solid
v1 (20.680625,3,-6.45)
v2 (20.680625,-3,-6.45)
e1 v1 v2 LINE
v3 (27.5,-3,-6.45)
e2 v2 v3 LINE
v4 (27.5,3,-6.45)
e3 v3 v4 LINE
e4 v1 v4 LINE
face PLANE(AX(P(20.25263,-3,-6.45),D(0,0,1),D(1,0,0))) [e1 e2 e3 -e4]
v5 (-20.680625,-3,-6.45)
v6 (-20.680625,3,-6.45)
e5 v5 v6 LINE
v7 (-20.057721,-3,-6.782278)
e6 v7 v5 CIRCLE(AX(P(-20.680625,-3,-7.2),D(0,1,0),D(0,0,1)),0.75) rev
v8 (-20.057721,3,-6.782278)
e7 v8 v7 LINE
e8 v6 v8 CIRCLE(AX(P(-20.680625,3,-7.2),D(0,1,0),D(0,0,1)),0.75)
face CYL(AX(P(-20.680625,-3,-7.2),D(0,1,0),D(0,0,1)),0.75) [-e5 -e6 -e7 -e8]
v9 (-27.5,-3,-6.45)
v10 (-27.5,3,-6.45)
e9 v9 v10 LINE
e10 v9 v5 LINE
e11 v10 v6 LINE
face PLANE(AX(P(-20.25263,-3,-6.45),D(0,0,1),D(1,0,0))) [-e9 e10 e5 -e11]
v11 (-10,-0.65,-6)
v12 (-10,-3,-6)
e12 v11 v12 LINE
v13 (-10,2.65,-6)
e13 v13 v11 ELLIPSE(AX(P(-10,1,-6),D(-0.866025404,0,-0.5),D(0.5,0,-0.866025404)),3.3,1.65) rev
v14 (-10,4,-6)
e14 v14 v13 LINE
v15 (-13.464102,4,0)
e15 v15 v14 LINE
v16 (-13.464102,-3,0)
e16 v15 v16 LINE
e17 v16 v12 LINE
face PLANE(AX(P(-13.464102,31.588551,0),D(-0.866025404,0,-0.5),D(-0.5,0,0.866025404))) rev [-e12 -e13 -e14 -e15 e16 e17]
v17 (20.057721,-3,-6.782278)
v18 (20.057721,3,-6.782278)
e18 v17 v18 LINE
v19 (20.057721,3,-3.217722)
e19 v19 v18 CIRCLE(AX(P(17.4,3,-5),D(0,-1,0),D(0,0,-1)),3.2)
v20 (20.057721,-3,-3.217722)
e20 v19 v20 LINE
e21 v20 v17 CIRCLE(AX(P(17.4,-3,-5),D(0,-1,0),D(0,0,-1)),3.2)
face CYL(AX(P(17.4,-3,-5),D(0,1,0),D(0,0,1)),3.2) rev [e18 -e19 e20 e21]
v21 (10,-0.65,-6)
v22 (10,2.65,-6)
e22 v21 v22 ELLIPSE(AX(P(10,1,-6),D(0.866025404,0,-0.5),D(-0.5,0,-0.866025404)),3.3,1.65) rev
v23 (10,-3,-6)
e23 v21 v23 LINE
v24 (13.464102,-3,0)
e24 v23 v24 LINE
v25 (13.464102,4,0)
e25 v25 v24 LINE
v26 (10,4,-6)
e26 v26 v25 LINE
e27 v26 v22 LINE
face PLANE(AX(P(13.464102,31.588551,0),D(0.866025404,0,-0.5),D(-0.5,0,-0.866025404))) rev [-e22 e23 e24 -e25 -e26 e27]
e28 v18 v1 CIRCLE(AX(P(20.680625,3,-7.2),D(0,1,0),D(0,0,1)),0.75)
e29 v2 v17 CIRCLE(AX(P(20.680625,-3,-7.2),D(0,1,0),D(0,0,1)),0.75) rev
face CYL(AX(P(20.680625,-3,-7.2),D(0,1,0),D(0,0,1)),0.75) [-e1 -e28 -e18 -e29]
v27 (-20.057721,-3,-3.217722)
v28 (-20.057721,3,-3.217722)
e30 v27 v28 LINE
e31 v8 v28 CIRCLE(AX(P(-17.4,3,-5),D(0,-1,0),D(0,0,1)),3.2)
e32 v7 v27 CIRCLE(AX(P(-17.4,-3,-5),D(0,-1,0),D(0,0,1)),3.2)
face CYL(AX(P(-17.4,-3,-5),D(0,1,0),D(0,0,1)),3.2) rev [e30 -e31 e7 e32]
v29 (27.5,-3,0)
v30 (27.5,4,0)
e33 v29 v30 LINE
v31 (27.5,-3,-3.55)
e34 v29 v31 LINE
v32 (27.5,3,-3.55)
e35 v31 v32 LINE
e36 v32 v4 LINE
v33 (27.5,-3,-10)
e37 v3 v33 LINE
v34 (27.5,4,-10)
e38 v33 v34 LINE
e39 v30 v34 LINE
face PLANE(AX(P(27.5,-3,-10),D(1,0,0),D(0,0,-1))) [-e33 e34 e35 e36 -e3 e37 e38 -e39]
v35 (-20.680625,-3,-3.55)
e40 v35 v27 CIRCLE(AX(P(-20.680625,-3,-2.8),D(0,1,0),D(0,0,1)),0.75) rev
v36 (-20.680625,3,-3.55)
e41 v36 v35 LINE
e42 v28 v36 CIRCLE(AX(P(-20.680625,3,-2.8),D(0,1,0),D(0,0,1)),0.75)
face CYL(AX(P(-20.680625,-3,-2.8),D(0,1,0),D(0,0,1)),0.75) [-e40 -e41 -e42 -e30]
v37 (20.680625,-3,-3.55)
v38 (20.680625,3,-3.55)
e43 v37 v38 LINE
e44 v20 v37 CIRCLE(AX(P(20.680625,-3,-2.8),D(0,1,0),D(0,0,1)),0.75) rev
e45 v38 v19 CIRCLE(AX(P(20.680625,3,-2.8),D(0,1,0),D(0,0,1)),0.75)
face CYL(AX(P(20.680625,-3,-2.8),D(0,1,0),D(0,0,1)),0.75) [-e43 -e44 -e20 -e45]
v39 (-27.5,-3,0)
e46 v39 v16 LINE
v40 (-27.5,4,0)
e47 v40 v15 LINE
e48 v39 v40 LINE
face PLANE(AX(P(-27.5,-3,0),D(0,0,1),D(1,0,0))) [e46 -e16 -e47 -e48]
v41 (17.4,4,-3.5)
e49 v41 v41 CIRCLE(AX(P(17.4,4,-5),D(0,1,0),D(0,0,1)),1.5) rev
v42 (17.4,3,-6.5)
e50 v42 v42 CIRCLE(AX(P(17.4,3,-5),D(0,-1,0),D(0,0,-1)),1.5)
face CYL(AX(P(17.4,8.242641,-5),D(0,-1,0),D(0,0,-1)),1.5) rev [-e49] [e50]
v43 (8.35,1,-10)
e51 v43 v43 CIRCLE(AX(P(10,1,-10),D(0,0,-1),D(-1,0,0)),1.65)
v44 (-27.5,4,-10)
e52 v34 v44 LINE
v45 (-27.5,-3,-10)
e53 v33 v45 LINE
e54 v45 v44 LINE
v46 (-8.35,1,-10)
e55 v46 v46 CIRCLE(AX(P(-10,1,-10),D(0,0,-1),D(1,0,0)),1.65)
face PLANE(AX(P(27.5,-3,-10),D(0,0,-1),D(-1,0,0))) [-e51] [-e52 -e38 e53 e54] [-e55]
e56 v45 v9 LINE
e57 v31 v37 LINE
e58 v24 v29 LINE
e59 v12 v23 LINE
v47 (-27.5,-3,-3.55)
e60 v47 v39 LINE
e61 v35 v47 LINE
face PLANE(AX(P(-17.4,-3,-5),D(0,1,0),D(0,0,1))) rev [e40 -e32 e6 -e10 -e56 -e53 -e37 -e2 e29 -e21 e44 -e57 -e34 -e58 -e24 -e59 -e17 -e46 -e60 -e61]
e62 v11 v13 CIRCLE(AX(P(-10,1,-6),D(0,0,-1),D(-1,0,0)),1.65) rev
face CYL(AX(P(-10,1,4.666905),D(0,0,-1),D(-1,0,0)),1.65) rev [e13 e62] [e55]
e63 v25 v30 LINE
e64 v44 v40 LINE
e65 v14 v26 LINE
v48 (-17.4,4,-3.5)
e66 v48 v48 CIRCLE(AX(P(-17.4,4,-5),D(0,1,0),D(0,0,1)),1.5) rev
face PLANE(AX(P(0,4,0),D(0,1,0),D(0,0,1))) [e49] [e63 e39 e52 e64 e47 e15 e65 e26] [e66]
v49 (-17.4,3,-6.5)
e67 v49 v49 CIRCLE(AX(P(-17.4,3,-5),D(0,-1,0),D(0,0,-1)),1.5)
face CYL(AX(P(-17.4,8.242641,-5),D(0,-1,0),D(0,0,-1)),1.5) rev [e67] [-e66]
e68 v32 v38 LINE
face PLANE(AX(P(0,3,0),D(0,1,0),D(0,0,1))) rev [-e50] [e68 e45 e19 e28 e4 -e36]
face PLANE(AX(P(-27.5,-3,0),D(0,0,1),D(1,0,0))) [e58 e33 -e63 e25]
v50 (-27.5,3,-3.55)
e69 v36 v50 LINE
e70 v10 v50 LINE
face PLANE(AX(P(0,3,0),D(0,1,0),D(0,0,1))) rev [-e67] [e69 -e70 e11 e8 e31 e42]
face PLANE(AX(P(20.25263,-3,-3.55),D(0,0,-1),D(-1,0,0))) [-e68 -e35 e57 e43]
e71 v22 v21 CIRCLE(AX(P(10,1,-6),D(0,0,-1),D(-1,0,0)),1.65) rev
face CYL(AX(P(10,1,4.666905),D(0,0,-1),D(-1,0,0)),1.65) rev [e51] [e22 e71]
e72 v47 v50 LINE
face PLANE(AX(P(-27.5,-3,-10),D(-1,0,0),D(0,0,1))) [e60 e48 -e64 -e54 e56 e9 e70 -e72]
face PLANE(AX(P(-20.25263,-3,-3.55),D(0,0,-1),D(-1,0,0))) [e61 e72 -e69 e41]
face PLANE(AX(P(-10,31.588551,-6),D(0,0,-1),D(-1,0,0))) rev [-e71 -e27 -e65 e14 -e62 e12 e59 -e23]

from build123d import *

# Parameters (mm, degrees)
BOSS_EXTRUDE3_DEPTH      = 3
BOSS_EXTRUDE3_DEPTH_BACK = 3
FILLET1_R                = 0.75
SKETCH5_W                = 55
SKETCH5_H                = 10
BOSS_EXTRUDE4_DEPTH      = 1
SKETCH6_R                = 1.65
CUT_EXTRUDE2_DEPTH       = 10
SKETCH7_R                = 1.5
CUT_EXTRUDE3_DEPTH       = 1
CUT_EXTRUDE4_REACH       = 32.087


with BuildPart() as part:
    # Sketch1 → Boss-Extrude3 (new, two sides: drawn at the far end of the back side and taken through both)
    with BuildSketch(Plane(origin=(0, 0, 0), x_dir=(1, 0, 0), z_dir=(0, 1, 0)).offset(-BOSS_EXTRUDE3_DEPTH_BACK)):
        with BuildLine():
            Line((27.5, 10), (-27.5, 10))
            Line((-27.5, 10), (-27.5, 6.45))
            Line((-27.5, 6.45), (-20.252630365, 6.45))
            ThreePointArc((-20.252630365, 6.45), (-14.2, 5), (-20.252630365, 3.55))
            Line((-20.252630365, 3.55), (-27.5, 3.55))
            Line((-27.5, 3.55), (-27.5, 0))
            Line((-27.5, 0), (27.5, 0))
            Line((27.5, 0), (27.5, 3.55))
            Line((27.5, 3.55), (20.252630365, 3.55))
            ThreePointArc((20.252630365, 3.55), (14.2, 5), (20.252630365, 6.45))
            Line((20.252630365, 6.45), (27.5, 6.45))
            Line((27.5, 6.45), (27.5, 10))
        make_face()
    extrude(amount=BOSS_EXTRUDE3_DEPTH + BOSS_EXTRUDE3_DEPTH_BACK)

    # Fillet1
    fillet1_edges = [part.edges().sort_by_distance(p)[0] for p in [
        (-20.252630365, 0, -6.45),
        (20.252630365, 0, -6.45),
        (20.252630365, 0, -3.55),
        (-20.252630365, 0, -3.55),
    ]]
    fillet(fillet1_edges, radius=FILLET1_R)

    # Sketch5 → Boss-Extrude4 (add)
    with BuildSketch(Plane(origin=(0, 3, 0), x_dir=(1, 0, 0), z_dir=(0, 1, 0))):
        with Locations((0, 5)):
            Rectangle(SKETCH5_W, SKETCH5_H)
    extrude(amount=BOSS_EXTRUDE4_DEPTH)

    # Sketch6 → Cut-Extrude2 (cut)
    with BuildSketch(Plane(origin=(0, 0, -10), x_dir=(-1, 0, 0), z_dir=(0, 0, -1))):
        with Locations((-10, 1)):
            Circle(SKETCH6_R)
        with Locations(Location((10, 1, 0), (0, 0, 180))):
            Circle(SKETCH6_R)
    extrude(amount=-CUT_EXTRUDE2_DEPTH, mode=Mode.SUBTRACT)

    # Sketch7 → Cut-Extrude3 (cut)
    with BuildSketch(Plane.XZ.offset(-3)):
        with Locations(Location((-17.4, -5, 0), (0, 0, 270))):
            Circle(SKETCH7_R)
        with Locations(Location((17.4, -5, 0), (0, 0, 270))):
            Circle(SKETCH7_R)
    extrude(amount=-CUT_EXTRUDE3_DEPTH, mode=Mode.SUBTRACT)

    # Cut-Extrude4: up to this face of the body (flat: up to its plane)
    cut_extrude4_end = Plane(part.part.faces().sort_by_distance((0, 4, -5))[0])
    # Sketch8 → Cut-Extrude4 (cut, up to the picked face)
    with BuildSketch(Plane.XZ.offset(3), mode=Mode.PRIVATE) as cut_extrude4_sk1:
        Polygon((-13.464101615, 0), (-10, -6), (10, -6), (13.464101615, 0), align=None)
    cut_extrude4_tool1 = split(extrude(cut_extrude4_sk1.sketch, amount=-CUT_EXTRUDE4_REACH, mode=Mode.PRIVATE), bisect_by=cut_extrude4_end, keep=Keep.BOTH, mode=Mode.PRIVATE)
    add(cut_extrude4_tool1.solids().sort_by(Axis((0, -3, -2.852366), (0, 1, 0)))[0], mode=Mode.SUBTRACT)


solid = part.part
